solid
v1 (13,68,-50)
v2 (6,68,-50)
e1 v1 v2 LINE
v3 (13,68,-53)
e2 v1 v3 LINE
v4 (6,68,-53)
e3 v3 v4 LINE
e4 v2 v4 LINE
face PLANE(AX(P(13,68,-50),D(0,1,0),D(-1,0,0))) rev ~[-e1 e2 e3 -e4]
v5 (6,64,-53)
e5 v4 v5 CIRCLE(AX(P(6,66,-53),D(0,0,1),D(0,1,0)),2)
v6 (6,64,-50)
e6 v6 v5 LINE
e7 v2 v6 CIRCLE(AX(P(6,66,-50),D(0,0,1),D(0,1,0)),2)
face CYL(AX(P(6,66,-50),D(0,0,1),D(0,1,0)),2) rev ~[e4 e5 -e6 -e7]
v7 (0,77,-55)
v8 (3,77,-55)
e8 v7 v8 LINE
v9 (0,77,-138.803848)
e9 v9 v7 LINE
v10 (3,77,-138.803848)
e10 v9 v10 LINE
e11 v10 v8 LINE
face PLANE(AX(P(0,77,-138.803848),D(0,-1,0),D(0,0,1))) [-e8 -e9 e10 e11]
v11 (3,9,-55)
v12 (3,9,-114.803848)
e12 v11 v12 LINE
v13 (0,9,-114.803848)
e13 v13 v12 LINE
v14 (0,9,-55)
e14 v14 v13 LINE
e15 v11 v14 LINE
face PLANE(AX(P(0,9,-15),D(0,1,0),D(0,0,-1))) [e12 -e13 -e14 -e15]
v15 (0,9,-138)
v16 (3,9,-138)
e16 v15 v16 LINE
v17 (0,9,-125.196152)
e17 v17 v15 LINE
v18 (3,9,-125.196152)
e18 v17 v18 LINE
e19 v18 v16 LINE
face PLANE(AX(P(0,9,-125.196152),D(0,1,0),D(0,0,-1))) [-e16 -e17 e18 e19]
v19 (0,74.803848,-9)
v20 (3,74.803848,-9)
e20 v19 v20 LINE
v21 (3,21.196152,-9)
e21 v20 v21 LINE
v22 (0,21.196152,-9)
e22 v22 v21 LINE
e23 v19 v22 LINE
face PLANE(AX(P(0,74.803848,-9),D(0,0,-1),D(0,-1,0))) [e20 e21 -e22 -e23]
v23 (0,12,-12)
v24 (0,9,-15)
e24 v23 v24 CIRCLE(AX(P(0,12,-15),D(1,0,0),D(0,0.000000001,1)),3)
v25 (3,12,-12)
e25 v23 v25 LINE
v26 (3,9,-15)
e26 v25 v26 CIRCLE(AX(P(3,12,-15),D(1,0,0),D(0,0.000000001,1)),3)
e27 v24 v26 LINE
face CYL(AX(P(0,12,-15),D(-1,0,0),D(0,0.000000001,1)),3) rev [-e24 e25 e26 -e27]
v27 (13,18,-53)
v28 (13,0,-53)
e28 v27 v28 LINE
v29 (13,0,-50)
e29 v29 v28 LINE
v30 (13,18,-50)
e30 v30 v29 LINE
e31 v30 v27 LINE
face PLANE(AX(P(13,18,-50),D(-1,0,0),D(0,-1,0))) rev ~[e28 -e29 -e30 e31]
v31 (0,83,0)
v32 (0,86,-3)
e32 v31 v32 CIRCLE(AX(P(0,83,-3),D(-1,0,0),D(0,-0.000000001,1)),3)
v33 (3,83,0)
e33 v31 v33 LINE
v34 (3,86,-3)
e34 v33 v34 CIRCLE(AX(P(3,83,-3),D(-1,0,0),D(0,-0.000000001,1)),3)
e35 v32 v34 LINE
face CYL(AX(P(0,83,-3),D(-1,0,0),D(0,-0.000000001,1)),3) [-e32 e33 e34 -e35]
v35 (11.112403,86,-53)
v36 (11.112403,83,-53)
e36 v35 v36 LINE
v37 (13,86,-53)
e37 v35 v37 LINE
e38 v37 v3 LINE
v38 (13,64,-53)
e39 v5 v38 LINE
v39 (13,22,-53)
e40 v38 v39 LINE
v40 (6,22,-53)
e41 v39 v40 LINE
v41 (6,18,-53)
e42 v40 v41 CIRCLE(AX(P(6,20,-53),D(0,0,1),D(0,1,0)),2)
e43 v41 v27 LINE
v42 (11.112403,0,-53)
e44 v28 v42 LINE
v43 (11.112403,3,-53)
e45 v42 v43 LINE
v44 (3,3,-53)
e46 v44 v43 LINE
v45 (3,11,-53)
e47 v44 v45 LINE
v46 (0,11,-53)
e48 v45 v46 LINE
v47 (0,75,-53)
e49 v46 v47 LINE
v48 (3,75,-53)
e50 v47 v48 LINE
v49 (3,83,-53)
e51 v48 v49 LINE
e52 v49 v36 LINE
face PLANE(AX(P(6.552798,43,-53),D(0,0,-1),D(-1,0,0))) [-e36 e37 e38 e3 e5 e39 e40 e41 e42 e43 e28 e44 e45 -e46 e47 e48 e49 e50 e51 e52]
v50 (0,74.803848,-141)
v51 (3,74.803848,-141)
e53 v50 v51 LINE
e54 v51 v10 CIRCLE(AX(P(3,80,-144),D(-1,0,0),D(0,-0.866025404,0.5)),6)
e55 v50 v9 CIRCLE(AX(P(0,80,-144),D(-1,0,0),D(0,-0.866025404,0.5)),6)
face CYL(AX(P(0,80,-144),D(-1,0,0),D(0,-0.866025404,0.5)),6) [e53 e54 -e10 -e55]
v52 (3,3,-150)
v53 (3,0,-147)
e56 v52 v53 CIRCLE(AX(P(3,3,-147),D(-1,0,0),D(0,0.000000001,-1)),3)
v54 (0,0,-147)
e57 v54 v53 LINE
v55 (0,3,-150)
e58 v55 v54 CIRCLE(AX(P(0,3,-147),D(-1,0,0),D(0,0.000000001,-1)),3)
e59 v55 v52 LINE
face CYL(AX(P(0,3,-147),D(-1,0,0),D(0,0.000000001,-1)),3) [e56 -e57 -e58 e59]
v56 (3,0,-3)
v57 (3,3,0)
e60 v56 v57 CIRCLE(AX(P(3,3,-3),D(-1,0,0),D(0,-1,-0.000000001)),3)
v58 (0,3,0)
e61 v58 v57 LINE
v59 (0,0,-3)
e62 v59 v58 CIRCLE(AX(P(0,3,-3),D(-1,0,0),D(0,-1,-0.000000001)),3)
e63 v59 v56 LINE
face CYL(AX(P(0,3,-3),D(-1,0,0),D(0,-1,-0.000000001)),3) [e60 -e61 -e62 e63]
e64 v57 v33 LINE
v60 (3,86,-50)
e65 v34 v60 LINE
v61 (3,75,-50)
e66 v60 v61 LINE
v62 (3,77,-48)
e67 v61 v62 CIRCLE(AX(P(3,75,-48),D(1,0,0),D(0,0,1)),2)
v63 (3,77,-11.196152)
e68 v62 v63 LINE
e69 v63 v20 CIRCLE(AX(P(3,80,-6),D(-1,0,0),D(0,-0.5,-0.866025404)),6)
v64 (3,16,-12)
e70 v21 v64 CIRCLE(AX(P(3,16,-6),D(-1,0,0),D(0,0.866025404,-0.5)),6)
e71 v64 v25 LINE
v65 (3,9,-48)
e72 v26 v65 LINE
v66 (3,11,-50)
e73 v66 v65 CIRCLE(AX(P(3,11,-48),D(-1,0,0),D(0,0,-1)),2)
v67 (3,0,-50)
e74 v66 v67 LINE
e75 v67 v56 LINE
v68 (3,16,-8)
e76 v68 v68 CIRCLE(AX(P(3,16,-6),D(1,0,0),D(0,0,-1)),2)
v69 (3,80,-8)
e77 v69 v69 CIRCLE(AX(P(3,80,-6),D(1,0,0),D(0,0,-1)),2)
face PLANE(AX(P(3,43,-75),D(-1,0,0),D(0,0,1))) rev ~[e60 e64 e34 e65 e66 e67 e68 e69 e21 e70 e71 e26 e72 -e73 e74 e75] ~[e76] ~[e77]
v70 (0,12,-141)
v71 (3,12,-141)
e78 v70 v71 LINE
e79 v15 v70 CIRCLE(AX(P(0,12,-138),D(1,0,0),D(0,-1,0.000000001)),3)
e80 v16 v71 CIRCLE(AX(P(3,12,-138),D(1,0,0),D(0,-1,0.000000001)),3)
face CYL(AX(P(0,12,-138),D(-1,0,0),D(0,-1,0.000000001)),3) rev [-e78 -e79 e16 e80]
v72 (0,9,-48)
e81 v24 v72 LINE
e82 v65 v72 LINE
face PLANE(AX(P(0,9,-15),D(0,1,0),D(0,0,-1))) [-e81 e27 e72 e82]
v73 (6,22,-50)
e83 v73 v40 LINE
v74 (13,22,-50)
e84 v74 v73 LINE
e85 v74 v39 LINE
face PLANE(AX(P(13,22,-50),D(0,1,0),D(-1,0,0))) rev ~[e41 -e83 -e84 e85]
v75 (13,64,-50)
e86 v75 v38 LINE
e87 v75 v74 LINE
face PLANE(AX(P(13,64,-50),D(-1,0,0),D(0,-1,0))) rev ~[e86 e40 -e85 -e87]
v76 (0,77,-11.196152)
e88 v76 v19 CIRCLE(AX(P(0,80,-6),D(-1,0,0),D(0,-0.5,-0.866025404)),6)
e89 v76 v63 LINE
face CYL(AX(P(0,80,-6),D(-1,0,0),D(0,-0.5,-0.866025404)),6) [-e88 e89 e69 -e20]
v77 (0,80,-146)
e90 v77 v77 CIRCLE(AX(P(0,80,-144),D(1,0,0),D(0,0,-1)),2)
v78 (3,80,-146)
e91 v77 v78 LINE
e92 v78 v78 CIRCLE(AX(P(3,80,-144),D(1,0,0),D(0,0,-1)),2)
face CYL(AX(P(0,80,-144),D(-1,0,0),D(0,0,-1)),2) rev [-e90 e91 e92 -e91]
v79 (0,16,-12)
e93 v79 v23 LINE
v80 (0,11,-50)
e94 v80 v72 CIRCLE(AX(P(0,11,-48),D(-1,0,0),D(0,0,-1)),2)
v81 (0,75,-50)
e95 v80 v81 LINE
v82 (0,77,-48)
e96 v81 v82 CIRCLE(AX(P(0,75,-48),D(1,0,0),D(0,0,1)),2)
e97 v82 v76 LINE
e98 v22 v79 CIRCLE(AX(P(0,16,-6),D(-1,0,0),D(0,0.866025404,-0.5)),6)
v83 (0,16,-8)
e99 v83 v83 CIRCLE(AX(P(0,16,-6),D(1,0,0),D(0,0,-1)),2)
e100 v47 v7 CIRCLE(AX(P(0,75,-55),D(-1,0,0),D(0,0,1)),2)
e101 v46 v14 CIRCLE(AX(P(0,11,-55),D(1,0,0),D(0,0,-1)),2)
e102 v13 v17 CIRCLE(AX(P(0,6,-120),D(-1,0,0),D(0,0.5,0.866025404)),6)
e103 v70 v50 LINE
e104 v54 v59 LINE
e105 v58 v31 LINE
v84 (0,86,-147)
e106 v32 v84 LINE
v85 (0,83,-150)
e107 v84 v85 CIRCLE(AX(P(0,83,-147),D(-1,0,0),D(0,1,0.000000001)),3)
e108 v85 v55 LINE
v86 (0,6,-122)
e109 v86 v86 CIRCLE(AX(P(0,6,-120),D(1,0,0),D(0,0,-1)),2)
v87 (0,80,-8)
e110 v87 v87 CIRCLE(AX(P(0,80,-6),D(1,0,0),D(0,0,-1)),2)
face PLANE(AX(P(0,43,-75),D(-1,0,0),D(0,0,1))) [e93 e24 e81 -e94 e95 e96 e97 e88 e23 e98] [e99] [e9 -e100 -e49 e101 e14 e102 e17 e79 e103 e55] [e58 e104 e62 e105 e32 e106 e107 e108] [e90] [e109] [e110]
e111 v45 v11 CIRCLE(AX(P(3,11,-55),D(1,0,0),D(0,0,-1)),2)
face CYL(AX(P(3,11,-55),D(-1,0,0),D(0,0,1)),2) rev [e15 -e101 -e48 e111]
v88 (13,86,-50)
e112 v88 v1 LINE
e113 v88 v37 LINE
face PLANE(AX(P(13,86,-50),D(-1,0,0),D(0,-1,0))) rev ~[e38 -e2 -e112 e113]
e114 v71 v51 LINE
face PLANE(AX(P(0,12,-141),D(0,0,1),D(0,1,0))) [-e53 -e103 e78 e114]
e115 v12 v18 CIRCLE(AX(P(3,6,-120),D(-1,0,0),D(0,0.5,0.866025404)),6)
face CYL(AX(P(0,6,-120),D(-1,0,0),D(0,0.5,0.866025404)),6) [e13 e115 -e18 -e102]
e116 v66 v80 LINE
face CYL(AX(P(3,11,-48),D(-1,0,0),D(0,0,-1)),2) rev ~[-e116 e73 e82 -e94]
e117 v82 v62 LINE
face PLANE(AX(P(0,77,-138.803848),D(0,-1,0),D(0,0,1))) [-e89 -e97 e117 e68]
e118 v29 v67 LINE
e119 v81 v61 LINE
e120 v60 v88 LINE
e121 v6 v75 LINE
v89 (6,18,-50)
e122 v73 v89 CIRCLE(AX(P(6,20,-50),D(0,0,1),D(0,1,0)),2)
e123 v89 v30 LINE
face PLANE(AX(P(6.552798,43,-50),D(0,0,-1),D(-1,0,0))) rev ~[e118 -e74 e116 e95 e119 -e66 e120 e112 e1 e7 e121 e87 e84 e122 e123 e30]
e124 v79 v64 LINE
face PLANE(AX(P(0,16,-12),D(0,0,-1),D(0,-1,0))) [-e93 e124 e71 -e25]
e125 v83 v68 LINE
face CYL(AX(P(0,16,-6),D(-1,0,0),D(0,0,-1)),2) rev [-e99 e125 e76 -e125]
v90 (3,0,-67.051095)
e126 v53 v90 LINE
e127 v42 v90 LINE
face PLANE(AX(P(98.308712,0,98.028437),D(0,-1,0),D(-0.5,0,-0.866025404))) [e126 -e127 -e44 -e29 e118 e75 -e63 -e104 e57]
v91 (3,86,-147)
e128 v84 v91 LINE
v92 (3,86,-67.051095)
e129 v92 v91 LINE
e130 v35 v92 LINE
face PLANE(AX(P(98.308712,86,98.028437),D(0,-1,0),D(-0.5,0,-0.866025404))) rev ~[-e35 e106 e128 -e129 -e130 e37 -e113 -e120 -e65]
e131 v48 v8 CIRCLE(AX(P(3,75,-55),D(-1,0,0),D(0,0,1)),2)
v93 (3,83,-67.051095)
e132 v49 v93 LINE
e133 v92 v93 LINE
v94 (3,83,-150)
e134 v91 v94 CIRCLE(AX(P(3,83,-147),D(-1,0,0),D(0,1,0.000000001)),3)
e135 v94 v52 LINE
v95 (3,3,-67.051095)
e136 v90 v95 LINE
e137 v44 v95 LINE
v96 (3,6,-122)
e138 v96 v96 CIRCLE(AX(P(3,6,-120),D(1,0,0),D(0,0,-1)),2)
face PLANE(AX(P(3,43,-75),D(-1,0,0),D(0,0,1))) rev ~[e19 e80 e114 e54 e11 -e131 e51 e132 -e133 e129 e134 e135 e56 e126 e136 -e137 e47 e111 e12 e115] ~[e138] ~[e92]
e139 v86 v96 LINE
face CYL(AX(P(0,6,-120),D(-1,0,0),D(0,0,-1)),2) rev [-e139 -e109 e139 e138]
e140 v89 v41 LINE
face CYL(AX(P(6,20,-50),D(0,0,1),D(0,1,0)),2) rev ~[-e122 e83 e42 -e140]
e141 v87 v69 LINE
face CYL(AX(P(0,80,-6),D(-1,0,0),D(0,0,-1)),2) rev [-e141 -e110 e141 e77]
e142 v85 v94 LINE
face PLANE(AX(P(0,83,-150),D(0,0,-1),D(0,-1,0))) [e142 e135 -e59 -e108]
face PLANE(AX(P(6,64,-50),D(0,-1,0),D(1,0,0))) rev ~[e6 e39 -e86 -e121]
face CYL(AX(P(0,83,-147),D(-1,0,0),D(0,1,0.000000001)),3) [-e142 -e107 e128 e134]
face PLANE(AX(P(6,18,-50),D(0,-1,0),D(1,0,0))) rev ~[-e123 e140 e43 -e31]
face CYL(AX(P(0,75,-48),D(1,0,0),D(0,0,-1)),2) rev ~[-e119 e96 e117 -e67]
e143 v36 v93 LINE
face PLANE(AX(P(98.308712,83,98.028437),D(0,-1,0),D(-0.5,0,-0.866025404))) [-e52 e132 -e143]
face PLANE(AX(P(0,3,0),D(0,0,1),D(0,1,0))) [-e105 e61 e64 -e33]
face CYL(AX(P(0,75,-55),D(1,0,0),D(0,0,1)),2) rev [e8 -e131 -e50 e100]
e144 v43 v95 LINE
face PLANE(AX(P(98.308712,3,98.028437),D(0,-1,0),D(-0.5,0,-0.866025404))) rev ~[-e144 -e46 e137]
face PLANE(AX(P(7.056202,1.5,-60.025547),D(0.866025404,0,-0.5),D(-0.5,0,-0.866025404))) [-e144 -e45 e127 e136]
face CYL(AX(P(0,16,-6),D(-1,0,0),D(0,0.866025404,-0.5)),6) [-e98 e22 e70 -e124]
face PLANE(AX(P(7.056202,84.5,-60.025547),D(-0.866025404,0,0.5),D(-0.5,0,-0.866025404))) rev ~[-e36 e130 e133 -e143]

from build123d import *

# Parameters (mm, degrees)
SKETCH_1_R      = 2
EXTRUDE_1_DEPTH = 3
EXTRUDE_2_DEPTH = 3
RIB_6_REACH     = 175.393
SKETCH_4_WALL_W = 365.010042788
SKETCH_4_WALL_H = 3
RIB_7_REACH     = 175.393
SKETCH_5_WALL_W = 365.010042788
SKETCH_5_WALL_H = 3
FILLET_1_R      = 2


with BuildPart() as part:
    # Эскиз1 → Бобышка-Вытянуть1 (new body)
    with BuildSketch(Plane(origin=(0, 0, 0), x_dir=(0, 0, -1), z_dir=(1, 0, 0))):
        with BuildLine():
            Line((0, 3), (0, 83))
            ThreePointArc((0, 83), (0.878679656, 85.121320344), (3, 86))
            Line((3, 86), (147, 86))
            ThreePointArc((147, 86), (149.121320344, 85.121320344), (150, 83))
            Line((150, 83), (150, 3))
            ThreePointArc((150, 3), (149.121320344, 0.878679656), (147, 0))
            Line((147, 0), (3, 0))
            ThreePointArc((3, 0), (0.878679656, 0.878679656), (0, 3))
        make_face()
        with Locations((6, 80)):
            Circle(SKETCH_1_R, mode=Mode.SUBTRACT)
        with Locations((144, 80)):
            Circle(SKETCH_1_R, mode=Mode.SUBTRACT)
        with Locations((120, 6)):
            Circle(SKETCH_1_R, mode=Mode.SUBTRACT)
        with Locations((6, 16)):
            Circle(SKETCH_1_R, mode=Mode.SUBTRACT)
        with BuildLine():
            Line((9, 74.803847577), (9, 21.196152423))
            ThreePointArc((9, 21.196152423), (11.196152423, 19), (12, 16))
            Line((12, 16), (12, 12))
            ThreePointArc((12, 12), (12.878679656, 9.878679656), (15, 9))
            Line((15, 9), (114.803847577, 9))
            ThreePointArc((114.803847577, 9), (120, 12), (125.196152423, 9))
            Line((125.196152423, 9), (138, 9))
            ThreePointArc((138, 9), (140.121320344, 9.878679656), (141, 12))
            Line((141, 12), (141, 74.803847577))
            ThreePointArc((141, 74.803847577), (139.757359313, 75.757359313), (138.803847577, 77))
            Line((138.803847577, 77), (11.196152423, 77))
            ThreePointArc((11.196152423, 77), (10.242640687, 75.757359313), (9, 74.803847577))
        make_face(mode=Mode.SUBTRACT)
    extrude(amount=EXTRUDE_1_DEPTH)

    # Эскиз2 → Бобышка-Вытянуть2 (add)
    with BuildSketch(Plane(origin=(0, 0, -50), x_dir=(-1, 0, 0), z_dir=(0, 0, -1))):
        with BuildLine():
            Line((0, 86), (-13, 86))
            Line((-13, 86), (-13, 68))
            Line((-13, 68), (-6, 68))
            ThreePointArc((-6, 68), (-4, 66), (-6, 64))
            Line((-6, 64), (-13, 64))
            Line((-13, 64), (-13, 22))
            Line((-13, 22), (-6, 22))
            ThreePointArc((-6, 22), (-4, 20), (-6, 18))
            Line((-6, 18), (-13, 18))
            Line((-13, 18), (-13, 0))
            Line((-13, 0), (0, 0))
            Line((0, 0), (0, 86))
        make_face()
    extrude(amount=EXTRUDE_2_DEPTH)

    # Эскиз4 wall → Ребро6 (add, up to next)
    with BuildSketch(Plane(origin=(7.056201664, 86, -60.025547367), x_dir=(-0.499999999996, 0, -0.866025403787), z_dir=(-0.866025403787, 0, 0.499999999996)), mode=Mode.PRIVATE) as rib_6_sk1:
        with Locations((0, 1.5)):
            Rectangle(SKETCH_4_WALL_W, SKETCH_4_WALL_H)
    rib_6_tool1 = extrude(rib_6_sk1.sketch, amount=RIB_6_REACH, mode=Mode.PRIVATE) - part.part
    add(rib_6_tool1.solids().sort_by_distance((7.056201664, 86, -60.025547367))[0])

    # Эскиз5 wall → Ребро7 (add, up to next)
    with BuildSketch(Plane(origin=(7.056201664, 0, -60.025547367), x_dir=(-0.499999999996, 0, -0.866025403787), z_dir=(0.866025403787, 0, -0.499999999996)), mode=Mode.PRIVATE) as rib_7_sk1:
        with Locations((0, 1.5)):
            Rectangle(SKETCH_5_WALL_W, SKETCH_5_WALL_H)
    rib_7_tool1 = extrude(rib_7_sk1.sketch, amount=-RIB_7_REACH, mode=Mode.PRIVATE) - part.part
    add(rib_7_tool1.solids().sort_by_distance((7.056201664, 0, -60.025547367))[0])

    # Скругление1
    fillet_1_edges = [part.edges().sort_by_distance(p)[0] for p in [
        (1.5, 77, -50),
        (1.5, 77, -53),
        (1.5, 9, -50),
        (1.5, 9, -53),
    ]]
    fillet(fillet_1_edges, radius=FILLET_1_R)


solid = part.part
